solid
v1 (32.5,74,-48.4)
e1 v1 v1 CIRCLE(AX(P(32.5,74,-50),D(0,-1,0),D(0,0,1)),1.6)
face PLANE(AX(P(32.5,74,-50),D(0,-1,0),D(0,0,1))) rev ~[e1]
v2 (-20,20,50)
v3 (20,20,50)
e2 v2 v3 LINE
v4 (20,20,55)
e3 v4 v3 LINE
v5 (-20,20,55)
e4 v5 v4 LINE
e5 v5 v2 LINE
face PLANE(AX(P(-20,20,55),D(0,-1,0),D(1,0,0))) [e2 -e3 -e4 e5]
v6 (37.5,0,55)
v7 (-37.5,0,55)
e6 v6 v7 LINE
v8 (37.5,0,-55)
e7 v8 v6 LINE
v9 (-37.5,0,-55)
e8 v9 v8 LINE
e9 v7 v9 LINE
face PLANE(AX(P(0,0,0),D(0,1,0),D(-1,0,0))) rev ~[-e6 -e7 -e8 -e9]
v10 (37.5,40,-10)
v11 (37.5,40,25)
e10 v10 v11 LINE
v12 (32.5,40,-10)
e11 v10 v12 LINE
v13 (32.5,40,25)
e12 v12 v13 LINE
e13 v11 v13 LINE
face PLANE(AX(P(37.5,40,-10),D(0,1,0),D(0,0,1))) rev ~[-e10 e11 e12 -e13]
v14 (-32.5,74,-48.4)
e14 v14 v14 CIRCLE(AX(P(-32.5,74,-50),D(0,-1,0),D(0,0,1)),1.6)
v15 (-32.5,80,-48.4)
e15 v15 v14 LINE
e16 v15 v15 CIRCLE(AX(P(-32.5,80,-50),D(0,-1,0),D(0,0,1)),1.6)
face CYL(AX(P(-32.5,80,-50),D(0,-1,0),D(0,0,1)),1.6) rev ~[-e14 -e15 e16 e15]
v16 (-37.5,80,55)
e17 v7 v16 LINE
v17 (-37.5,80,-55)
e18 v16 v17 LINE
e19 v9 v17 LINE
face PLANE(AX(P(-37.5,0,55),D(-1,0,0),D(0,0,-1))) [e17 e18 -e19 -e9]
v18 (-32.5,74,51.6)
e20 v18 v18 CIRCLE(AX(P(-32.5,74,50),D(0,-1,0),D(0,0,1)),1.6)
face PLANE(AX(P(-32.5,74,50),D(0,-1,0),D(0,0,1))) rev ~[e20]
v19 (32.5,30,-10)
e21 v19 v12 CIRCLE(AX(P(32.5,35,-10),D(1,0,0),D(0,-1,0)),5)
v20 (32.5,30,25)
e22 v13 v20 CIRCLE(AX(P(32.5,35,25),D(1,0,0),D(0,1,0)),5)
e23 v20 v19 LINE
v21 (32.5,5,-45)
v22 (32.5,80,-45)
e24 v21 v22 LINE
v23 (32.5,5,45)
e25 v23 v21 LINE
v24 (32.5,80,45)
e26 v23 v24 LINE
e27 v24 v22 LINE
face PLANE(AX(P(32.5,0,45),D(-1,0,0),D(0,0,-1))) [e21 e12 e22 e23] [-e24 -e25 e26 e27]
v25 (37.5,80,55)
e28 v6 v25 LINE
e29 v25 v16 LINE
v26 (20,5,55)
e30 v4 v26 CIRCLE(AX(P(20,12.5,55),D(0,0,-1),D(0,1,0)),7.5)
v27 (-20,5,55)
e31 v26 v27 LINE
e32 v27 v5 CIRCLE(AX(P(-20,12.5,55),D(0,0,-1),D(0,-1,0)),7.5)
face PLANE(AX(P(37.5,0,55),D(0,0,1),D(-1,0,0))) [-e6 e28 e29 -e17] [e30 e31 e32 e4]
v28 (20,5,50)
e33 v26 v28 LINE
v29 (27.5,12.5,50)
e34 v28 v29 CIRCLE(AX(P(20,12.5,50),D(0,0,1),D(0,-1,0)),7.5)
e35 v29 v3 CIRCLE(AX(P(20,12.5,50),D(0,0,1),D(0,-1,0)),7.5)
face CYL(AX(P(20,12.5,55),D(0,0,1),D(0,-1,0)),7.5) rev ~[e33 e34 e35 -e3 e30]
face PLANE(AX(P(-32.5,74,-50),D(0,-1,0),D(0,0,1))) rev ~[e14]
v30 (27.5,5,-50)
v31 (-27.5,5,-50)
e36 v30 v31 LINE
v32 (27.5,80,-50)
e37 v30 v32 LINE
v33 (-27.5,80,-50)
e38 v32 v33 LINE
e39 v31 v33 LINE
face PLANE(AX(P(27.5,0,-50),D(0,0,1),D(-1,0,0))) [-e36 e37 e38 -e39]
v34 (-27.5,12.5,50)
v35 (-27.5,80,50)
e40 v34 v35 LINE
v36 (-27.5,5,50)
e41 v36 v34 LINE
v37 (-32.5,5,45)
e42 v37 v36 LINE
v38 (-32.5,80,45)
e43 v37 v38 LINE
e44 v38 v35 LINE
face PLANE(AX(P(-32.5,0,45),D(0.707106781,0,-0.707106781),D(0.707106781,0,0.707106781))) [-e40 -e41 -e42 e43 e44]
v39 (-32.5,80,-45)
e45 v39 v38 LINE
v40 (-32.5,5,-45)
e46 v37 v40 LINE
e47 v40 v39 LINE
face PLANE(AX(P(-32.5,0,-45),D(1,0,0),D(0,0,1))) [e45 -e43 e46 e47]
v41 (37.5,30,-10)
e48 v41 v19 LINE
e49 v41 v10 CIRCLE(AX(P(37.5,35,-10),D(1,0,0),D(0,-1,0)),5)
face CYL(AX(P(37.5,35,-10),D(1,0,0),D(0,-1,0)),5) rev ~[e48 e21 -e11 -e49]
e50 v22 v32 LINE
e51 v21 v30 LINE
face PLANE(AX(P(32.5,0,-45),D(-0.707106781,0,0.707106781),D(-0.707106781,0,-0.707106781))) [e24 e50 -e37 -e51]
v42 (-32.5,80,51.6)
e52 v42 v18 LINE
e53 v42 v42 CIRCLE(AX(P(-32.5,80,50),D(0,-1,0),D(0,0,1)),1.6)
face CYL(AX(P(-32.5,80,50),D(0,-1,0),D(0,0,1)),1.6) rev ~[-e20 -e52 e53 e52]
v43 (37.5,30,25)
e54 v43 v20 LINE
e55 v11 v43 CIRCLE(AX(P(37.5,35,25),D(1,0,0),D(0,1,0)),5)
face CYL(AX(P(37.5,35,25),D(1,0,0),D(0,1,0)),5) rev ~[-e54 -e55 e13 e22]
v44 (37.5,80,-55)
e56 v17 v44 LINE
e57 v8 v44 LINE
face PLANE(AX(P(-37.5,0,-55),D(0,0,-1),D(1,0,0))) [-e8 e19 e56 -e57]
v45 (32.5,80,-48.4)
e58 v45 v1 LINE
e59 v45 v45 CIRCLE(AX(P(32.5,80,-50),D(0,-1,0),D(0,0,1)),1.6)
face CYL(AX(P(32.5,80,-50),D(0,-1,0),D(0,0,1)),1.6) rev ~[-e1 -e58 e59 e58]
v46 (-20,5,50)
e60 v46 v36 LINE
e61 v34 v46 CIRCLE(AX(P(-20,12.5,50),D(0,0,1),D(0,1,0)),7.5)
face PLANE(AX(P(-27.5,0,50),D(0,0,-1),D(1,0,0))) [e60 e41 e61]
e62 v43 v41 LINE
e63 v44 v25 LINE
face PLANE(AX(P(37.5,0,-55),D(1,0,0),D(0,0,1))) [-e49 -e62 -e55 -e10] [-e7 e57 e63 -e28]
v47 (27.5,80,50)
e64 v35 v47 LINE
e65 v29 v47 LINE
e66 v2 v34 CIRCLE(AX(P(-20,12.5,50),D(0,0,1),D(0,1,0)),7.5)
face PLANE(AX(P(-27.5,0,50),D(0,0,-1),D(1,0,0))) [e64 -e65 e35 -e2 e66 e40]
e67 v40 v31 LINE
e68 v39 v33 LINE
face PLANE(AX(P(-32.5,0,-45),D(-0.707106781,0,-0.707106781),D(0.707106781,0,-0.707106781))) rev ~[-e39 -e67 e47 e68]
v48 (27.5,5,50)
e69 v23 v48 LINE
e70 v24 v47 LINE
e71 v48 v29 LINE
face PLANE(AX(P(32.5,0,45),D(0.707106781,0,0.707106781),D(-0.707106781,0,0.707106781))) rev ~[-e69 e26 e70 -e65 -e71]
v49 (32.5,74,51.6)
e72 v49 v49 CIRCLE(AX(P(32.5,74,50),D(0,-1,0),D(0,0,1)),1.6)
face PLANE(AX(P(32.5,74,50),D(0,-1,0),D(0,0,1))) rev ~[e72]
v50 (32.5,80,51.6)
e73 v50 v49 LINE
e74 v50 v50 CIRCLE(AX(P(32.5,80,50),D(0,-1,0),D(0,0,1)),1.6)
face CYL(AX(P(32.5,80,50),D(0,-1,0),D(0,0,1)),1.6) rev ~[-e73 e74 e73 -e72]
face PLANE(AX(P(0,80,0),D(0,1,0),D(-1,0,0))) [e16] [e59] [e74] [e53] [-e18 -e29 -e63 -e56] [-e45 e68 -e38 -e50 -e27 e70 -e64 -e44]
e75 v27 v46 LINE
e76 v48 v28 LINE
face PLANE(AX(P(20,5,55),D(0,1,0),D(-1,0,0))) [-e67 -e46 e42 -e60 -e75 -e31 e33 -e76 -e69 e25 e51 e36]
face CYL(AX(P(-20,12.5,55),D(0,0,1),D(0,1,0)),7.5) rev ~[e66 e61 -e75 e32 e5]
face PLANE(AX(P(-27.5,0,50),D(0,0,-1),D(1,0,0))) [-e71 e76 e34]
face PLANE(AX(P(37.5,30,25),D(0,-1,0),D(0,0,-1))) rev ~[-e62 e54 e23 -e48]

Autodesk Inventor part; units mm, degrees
ref_plane "YZ Plane" through (0, 0, 0) normal (1, 0, 0) x (0, 1, 0)
ref_plane "XZ Plane" through (0, 0, 0) normal (0, 1, 0) x (-1, 0, 0)
ref_plane "XY Plane" through (0, 0, 0) normal (0, 0, 1) x (1, 0, 0)
sketch "Sketch1" plane through (0, 0, 0) normal (0, 1, 0) x (-1, 0, 0)
  line L0 (32.5, 50) -> (-32.5, 50)
  line L1 (-32.5, 50) -> (-32.5, -50)
  line L2 (-32.5, -50) -> (32.5, -50)
  line L3 (32.5, -50) -> (32.5, 50)
  line L4 (32.5, 50) -> (-32.5, -50) construction
  line L5 (-32.5, 50) -> (32.5, -50) construction
  line L6 (37.5, -55) -> (-37.5, -55)
  line L7 (-37.5, -55) -> (-37.5, 55)
  line L8 (-37.5, 55) -> (37.5, 55)
  line L9 (37.5, 55) -> (37.5, -55)
  line L10 (-32.5, 45) -> (-27.5, 50)
  line L11 (-32.5, 45) -> (-25.4289, 45) construction
  line L12 (0, 55) -> (0, -55) construction
  line L13 (-37.5, 0) -> (37.5, 0) construction
  line L14 (32.5, 45) -> (27.5, 50)
  line L15 (-32.5, -45) -> (-27.5, -50)
  line L16 (32.5, -45) -> (27.5, -50)
  point P0 (0, 0)
  dimension "d0" = 100
  dimension "d1" = 65
  dimension "d2" = 5
  dimension "d29" = 45
  dimension "d30" = 5
extrude "Extrusion1" add sketch "Sketch1" along normal blind 80 contours L3 L14 L0 | L10 L1 L0 | L3 L2 L16 | L15 L2 L1 | L6 L7 L8 L9
extrude "Extrusion2" add sketch "Sketch1" along normal blind 5 contours L3 L14 L0 | L14 L3 L16 L2 L15 L1 L10 L0 | L10 L1 L0 | L3 L2 L16 | L15 L2 L1
sketch "Sketch3" plane through (37.5, 0, 55) normal (1, 0, 0) x (0, 0, -1)
  line L0 (30, 40) -> (65, 40) construction
  line L1 (65, 40) -> (65, 30) construction
  line L2 (65, 30) -> (30, 30) construction
  line L3 (30, 30) -> (30, 40) construction
  line L4 (30, 40) -> (65, 30) construction
  line L5 (65, 40) -> (30, 30) construction
  line L6 (0, 0) -> (110, 0) projected
  line L7 (0, 0) -> (0, 80) projected
  line L8 (30, 35) -> (65, 35) construction
  line L9 (30, 30) -> (65, 30)
  line L10 (65, 40) -> (30, 40)
  arc A0 (30, 40) -> (30, 30) centre (30, 35) ccw
  arc A1 (65, 30) -> (65, 40) centre (65, 35) ccw
  point P0 (55, 0)
  point P1 (47.5, 35)
  point P2 (47.5, 40)
  dimension "d12" = 30
  dimension "d13" = 10
  dimension "d14" = 30
  dimension "d15" = 35
extrude "Extrusion4" cut sketch "Sketch3" against normal up to next
sketch "Sketch4" plane through (0, 80, 0) normal (0, 1, 0) x (1, 0, 0)
  line L0 (-37.5, -55) -> (37.5, -55) projected
  line L1 (37.5, -55) -> (37.5, 55) projected
  line L2 (37.5, 55) -> (-37.5, 55) projected
  line L3 (-37.5, 55) -> (-37.5, -55) projected
  point P0 (0, 0)
  point P1 (-32.5, -50)
  point P2 (-32.5, 50)
  point P3 (32.5, 50)
  point P4 (32.5, -50)
  dimension "d25" = 5
  dimension "d26" = 5
  dimension "d27" = 5
  dimension "d28" = 5
hole "Hole1" at (-32.5, 80, 50) at (-32.5, 80, -50) at (32.5, 80, -50) at (32.5, 80, 50) direction (0, -1, 0) diameter 3.2 depth 6
sketch "Sketch5" plane through (-37.5, 0, 55) normal (0, 0, 1) x (1, 0, 0)
  line L0 (65, 5) -> (10, 5) projected
  line L1 (17.5, 12.5) -> (57.5, 12.5) construction
  line L2 (17.5, 20) -> (57.5, 20)
  line L3 (57.5, 5) -> (17.5, 5)
  arc A0 (17.5, 20) -> (17.5, 5) centre (17.5, 12.5) ccw
  arc A1 (57.5, 5) -> (57.5, 20) centre (57.5, 12.5) ccw
  line L4 (10, 5) -> (10, 80) projected
  line L5 (65, 5) -> (65, 80) projected
  point P0 (37.5, 0)
  point P1 (37.5, 12.5)
  point P2 (37.5, 5)
  point P3 (10, 12.5)
  point P4 (65, 12.5)
  dimension "d31" = 15
extrude "Extrusion5" cut sketch "Sketch5" against normal up to next contours L0 A0 L2 A1
properties part number "DAQ_Housing_V1"
